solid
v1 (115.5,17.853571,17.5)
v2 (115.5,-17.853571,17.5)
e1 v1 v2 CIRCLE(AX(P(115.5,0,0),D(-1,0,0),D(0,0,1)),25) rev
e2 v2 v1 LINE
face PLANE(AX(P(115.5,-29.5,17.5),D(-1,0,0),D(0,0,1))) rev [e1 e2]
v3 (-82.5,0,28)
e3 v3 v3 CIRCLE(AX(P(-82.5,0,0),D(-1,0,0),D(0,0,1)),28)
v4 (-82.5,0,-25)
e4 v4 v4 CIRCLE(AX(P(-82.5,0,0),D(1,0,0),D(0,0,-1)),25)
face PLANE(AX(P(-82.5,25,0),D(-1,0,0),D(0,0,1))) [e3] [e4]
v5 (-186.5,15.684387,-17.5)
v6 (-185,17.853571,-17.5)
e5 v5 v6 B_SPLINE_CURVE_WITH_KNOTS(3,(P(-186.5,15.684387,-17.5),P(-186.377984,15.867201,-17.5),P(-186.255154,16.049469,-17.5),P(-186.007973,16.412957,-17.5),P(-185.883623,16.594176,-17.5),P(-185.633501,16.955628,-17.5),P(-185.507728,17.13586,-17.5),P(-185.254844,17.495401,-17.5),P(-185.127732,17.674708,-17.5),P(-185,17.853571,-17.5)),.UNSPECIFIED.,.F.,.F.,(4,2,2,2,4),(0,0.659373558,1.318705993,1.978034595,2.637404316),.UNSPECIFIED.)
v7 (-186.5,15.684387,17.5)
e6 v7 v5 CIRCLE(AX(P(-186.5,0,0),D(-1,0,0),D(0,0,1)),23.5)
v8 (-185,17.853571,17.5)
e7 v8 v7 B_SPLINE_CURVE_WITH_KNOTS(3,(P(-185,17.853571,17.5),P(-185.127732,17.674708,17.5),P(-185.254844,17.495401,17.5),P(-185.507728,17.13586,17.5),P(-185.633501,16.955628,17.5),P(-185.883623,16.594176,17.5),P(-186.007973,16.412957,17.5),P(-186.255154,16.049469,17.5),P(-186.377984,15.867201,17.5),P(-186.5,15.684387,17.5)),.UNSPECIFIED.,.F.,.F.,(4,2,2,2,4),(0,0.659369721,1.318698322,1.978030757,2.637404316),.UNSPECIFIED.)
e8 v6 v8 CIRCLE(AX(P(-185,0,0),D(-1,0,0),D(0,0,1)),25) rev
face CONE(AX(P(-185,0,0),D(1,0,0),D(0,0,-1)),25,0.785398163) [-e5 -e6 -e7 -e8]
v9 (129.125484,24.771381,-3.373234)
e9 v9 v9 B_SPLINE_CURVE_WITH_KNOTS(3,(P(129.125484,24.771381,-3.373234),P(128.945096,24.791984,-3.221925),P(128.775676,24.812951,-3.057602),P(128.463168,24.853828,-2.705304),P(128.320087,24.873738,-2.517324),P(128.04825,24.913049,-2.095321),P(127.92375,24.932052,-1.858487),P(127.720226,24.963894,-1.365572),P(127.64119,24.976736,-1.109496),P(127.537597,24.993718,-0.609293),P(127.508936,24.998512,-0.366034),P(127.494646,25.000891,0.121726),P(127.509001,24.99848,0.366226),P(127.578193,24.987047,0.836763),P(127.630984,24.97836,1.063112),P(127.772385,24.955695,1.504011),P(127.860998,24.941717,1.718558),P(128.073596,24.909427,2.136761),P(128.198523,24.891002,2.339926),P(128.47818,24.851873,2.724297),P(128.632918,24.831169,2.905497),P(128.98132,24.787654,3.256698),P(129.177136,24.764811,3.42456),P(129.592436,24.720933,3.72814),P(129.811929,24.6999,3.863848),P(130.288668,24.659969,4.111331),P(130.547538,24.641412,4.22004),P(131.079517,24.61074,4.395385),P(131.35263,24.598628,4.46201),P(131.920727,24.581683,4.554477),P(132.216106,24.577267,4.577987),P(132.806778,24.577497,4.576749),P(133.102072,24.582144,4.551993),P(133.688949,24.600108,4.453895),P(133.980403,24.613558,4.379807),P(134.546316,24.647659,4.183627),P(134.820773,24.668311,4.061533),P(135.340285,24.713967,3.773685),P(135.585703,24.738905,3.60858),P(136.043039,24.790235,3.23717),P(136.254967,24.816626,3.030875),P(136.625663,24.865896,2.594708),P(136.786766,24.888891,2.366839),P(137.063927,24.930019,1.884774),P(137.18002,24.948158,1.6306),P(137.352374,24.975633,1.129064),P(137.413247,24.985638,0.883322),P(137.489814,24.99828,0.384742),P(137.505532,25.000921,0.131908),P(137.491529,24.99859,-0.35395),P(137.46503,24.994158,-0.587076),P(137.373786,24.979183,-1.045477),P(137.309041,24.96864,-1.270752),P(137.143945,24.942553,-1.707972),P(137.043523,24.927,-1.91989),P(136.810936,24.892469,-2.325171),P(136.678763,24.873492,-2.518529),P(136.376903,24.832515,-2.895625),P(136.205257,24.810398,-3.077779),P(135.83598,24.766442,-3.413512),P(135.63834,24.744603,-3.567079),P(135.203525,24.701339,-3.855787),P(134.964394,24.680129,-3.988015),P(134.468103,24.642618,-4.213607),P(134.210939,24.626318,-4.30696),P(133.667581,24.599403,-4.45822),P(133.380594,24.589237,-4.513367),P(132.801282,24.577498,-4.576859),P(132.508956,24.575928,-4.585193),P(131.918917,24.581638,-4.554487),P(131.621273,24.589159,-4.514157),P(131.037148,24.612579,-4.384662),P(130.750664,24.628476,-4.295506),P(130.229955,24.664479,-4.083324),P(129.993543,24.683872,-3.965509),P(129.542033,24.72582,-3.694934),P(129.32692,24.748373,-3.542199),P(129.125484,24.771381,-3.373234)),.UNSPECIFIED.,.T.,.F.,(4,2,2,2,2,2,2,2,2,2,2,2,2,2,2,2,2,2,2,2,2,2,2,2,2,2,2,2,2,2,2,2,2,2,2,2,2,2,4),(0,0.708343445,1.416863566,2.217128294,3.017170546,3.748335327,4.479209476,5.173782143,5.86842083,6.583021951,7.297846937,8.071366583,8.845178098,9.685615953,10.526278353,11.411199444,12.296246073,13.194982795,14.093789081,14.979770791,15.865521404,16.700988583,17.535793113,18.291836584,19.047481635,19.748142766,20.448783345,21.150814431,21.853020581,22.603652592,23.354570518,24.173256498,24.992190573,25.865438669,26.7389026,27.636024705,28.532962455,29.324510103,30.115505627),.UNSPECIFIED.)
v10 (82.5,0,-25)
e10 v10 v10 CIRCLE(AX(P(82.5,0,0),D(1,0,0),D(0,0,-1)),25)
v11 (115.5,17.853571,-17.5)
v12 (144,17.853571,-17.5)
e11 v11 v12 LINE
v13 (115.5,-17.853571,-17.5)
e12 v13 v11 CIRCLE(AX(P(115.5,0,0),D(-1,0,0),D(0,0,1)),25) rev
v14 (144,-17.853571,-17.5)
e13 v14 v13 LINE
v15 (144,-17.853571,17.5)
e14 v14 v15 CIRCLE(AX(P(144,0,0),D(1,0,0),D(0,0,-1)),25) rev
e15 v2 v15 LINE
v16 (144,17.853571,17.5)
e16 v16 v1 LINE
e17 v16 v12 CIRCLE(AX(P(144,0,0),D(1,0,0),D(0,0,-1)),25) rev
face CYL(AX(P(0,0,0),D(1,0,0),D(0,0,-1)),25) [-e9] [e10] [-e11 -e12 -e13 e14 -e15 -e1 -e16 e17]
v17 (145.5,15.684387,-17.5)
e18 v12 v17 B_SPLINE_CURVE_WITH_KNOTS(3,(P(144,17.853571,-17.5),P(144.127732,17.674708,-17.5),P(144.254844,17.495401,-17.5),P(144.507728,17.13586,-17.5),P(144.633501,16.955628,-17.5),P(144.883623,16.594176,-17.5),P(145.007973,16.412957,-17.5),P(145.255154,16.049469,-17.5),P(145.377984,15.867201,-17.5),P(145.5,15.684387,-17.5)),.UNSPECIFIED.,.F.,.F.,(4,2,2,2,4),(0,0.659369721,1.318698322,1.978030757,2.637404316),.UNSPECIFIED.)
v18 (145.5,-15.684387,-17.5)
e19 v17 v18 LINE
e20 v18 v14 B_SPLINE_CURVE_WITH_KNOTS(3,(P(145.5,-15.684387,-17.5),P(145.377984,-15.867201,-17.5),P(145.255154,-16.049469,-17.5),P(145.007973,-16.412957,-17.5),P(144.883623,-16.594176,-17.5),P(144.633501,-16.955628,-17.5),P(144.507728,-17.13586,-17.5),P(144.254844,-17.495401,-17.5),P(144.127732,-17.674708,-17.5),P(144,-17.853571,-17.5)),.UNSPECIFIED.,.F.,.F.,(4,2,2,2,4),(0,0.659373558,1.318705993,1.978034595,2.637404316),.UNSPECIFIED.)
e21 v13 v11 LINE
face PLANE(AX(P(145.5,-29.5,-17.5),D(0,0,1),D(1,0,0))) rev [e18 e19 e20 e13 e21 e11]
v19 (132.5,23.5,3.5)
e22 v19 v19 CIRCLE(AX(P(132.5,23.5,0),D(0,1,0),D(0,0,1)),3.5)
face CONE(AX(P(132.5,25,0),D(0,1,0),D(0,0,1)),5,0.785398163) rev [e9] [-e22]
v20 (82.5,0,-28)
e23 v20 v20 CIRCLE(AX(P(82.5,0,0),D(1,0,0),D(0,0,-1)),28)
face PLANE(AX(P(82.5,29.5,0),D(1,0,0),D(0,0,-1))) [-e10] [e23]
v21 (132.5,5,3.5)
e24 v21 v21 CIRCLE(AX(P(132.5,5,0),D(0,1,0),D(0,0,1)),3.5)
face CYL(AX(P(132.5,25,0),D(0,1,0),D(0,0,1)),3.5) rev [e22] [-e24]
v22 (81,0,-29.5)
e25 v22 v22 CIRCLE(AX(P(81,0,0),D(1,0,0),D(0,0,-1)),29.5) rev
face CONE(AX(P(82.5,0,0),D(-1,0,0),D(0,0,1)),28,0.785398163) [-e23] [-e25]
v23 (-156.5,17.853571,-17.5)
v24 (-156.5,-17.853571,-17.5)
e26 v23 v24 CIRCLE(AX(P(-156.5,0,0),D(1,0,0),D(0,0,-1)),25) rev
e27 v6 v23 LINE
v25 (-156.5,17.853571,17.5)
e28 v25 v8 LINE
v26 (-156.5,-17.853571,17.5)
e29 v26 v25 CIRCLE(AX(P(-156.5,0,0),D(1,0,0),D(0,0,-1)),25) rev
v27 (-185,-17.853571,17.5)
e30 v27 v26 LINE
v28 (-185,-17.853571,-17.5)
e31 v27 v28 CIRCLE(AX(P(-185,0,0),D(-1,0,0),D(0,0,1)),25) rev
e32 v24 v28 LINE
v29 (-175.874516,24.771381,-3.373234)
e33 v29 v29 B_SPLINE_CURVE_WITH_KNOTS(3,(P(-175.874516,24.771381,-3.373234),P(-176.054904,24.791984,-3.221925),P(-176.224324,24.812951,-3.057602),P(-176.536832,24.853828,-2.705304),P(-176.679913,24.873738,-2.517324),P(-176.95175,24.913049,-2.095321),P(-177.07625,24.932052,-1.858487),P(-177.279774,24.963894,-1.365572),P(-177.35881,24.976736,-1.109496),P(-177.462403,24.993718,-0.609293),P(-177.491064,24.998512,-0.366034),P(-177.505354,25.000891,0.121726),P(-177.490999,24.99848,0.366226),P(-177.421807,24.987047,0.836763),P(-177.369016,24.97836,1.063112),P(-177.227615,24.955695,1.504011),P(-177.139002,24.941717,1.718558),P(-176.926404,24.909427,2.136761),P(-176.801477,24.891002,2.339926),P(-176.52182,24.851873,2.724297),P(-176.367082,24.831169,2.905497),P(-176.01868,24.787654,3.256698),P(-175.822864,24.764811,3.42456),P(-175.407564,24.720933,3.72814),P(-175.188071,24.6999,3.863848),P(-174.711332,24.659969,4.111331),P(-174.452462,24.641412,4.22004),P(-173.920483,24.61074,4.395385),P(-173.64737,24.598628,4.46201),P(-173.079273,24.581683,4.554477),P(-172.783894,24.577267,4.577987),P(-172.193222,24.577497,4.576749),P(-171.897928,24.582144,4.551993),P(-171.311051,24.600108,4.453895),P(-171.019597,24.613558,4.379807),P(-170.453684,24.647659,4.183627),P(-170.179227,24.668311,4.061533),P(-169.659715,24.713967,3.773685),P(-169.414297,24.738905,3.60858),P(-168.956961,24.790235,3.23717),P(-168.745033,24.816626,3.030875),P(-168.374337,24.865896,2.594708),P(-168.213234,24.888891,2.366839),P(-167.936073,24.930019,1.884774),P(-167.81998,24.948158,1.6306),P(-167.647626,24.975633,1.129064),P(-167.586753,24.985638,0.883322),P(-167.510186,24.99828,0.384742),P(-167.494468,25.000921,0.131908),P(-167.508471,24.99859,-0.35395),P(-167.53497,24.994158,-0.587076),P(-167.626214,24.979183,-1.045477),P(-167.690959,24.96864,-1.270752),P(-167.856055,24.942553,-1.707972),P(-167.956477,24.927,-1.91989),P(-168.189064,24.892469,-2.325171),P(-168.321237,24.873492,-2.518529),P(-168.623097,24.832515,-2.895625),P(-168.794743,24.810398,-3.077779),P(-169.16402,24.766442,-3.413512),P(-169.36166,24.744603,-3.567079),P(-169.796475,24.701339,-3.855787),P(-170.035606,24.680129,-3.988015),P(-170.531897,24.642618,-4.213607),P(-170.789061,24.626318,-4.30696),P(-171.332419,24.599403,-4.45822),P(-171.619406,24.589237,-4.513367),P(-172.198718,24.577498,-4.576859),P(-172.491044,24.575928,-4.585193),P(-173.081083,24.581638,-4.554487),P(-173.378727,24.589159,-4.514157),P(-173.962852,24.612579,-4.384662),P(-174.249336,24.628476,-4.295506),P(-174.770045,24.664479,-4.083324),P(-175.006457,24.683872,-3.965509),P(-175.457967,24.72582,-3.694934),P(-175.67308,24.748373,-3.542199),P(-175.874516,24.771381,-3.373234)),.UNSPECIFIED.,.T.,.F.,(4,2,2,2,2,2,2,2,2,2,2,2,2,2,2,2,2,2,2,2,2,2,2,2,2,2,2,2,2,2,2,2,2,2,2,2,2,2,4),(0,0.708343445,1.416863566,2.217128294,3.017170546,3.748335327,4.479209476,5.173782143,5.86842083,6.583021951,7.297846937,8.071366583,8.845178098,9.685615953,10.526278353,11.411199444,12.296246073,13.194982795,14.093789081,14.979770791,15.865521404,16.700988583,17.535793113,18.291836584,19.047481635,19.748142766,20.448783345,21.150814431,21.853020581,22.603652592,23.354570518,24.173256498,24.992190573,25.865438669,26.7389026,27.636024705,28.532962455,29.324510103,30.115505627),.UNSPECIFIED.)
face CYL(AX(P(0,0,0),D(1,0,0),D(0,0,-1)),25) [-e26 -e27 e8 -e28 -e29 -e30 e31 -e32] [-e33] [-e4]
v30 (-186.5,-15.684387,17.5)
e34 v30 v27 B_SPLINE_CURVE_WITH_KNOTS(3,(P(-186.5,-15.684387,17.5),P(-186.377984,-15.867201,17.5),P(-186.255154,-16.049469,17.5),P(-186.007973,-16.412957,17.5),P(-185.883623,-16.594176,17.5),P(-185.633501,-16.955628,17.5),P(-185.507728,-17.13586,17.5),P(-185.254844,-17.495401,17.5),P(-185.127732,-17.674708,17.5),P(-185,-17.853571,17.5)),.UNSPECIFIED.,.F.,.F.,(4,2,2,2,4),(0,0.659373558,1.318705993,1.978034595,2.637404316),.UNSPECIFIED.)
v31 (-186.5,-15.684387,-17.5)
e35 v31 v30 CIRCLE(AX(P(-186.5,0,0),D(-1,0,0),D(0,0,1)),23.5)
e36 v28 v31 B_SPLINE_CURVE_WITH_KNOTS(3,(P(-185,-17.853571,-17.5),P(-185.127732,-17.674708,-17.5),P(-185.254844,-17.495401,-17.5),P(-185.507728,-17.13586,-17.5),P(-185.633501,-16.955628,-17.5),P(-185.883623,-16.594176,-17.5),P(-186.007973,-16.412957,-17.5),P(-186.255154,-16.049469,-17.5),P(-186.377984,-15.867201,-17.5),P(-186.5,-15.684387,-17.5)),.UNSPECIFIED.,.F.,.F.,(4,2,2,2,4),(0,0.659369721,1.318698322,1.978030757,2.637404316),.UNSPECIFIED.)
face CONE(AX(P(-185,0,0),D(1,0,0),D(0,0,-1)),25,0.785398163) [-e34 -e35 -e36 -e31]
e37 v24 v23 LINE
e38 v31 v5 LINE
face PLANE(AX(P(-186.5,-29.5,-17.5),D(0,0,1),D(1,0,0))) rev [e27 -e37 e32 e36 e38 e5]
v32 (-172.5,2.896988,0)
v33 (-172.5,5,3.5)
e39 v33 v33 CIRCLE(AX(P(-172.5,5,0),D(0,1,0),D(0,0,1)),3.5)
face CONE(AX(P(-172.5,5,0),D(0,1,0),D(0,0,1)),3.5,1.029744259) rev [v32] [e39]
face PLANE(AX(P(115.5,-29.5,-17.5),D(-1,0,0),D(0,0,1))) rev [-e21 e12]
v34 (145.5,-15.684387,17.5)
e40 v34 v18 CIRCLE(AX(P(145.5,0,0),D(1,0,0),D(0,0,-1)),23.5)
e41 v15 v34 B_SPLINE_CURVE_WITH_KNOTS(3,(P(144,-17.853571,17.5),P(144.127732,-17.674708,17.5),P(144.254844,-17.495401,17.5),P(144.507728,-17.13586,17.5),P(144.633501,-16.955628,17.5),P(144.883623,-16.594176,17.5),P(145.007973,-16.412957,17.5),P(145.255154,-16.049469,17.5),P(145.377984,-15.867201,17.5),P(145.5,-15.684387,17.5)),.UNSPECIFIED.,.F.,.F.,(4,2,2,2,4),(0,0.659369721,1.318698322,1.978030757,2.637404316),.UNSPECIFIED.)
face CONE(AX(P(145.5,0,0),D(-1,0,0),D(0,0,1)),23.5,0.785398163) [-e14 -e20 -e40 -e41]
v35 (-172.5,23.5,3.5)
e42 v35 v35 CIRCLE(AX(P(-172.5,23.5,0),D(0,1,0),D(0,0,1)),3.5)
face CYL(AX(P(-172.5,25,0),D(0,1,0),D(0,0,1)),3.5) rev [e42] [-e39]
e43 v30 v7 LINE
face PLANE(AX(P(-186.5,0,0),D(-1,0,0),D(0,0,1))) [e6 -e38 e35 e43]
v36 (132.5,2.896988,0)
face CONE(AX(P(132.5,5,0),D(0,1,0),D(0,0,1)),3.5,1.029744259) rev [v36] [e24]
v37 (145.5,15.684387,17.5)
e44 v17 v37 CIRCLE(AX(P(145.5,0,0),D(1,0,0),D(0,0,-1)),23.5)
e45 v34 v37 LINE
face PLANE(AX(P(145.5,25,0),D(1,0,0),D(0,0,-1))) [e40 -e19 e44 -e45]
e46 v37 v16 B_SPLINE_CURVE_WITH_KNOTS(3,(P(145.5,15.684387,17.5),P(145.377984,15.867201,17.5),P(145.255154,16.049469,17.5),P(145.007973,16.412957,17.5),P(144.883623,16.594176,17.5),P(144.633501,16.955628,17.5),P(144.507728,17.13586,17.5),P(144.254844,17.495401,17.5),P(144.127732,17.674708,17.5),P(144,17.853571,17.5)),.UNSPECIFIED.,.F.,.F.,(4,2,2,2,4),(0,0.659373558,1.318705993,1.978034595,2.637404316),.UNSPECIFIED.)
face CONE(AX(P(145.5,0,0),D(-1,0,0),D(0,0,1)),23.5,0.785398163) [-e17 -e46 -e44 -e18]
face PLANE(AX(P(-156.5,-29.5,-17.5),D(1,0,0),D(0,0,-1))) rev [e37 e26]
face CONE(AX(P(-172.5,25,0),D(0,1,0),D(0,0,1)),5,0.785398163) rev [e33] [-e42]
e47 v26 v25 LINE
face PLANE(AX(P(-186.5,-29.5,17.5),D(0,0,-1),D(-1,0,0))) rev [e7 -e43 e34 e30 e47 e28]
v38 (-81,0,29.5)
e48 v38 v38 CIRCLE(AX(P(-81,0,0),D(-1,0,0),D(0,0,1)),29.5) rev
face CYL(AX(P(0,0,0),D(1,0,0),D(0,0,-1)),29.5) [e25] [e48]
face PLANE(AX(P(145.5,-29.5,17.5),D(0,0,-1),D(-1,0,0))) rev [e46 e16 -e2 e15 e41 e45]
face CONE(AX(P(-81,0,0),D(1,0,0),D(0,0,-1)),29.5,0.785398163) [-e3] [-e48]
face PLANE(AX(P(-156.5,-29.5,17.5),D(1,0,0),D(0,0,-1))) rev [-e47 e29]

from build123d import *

# Parameters (mm, degrees)
CUT_EXTRUDE_1_DEPTH      = 192.109261942
CUT_EXTRUDE_1_DEPTH_BACK = 192.109261942
SKETCH_2_W               = 30
SKETCH_2_H               = 7.5
CHAMFER_1_SIZE           = 1.5
M8X1_01_D                = 7
M8X1_01_DEPTH            = 20
M8X1_01_CSINK_D          = 10
M8X1_01_CSINK_ANGLE      = 90
M8X1_01_TIP              = 2.103012167


with BuildPart() as part:
    # Эскиз1 → Повернуть1 (revolve)
    with BuildSketch(Plane.XY, mode=Mode.PRIVATE) as revolve_1_sk:
        Polygon((-186.5, 0), (-186.5, 25), (-82.5, 25), (-82.5, 29.5), (82.5, 29.5), (82.5, 25), (145.5, 25), (145.5, 0), align=None)
    revolve(revolve_1_sk.sketch.rotate(Axis((0, 0, 0), (-1, 0, 0)), 90), axis=Axis((0, 0, 0), (-1, 0, 0)))

    # Эскиз2 → Вырез-Вытянуть1 (cut, two sides: drawn at the far end of the back side and taken through both)
    with BuildSketch(Plane(origin=(0, 0, 0), x_dir=(1, 0, 0), z_dir=(0, 1, 0)).offset(-CUT_EXTRUDE_1_DEPTH_BACK)):
        with Locations((-171.5, 21.25)):
            Rectangle(SKETCH_2_W, SKETCH_2_H)
        with Locations((-171.5, -21.25)):
            Rectangle(SKETCH_2_W, SKETCH_2_H)
        with Locations((130.5, 21.25)):
            Rectangle(SKETCH_2_W, SKETCH_2_H)
        with Locations((130.5, -21.25)):
            Rectangle(SKETCH_2_W, SKETCH_2_H)
    extrude(amount=CUT_EXTRUDE_1_DEPTH + CUT_EXTRUDE_1_DEPTH_BACK, mode=Mode.SUBTRACT)

    # Фаска1
    chamfer_1_edges = [part.edges().sort_by_distance(p)[0] for p in [
        (145.5, 25, 0),
        (145.5, -25, 0),
        (-186.5, 25, 0),
        (-186.5, -25, 0),
        (82.5, 0, 29.5),
        (-82.5, 0, 29.5),
    ]]
    chamfer(chamfer_1_edges, length=CHAMFER_1_SIZE)

    # Отверстие обработанное метчиком M8x1.01
    with Locations(Plane(origin=(-172.5, 25, 0), x_dir=(0, 0, 1), z_dir=(0, 1, 0))):
        with Locations((0, 0), (0, 305)):
            CounterSinkHole(M8X1_01_D / 2, M8X1_01_CSINK_D / 2, depth=M8X1_01_DEPTH, counter_sink_angle=M8X1_01_CSINK_ANGLE)
            with Locations((0, 0, -(M8X1_01_DEPTH + M8X1_01_TIP / 2))):  # 118° drill point
                Cone(0, M8X1_01_D / 2, M8X1_01_TIP, mode=Mode.SUBTRACT)


solid = part.part
